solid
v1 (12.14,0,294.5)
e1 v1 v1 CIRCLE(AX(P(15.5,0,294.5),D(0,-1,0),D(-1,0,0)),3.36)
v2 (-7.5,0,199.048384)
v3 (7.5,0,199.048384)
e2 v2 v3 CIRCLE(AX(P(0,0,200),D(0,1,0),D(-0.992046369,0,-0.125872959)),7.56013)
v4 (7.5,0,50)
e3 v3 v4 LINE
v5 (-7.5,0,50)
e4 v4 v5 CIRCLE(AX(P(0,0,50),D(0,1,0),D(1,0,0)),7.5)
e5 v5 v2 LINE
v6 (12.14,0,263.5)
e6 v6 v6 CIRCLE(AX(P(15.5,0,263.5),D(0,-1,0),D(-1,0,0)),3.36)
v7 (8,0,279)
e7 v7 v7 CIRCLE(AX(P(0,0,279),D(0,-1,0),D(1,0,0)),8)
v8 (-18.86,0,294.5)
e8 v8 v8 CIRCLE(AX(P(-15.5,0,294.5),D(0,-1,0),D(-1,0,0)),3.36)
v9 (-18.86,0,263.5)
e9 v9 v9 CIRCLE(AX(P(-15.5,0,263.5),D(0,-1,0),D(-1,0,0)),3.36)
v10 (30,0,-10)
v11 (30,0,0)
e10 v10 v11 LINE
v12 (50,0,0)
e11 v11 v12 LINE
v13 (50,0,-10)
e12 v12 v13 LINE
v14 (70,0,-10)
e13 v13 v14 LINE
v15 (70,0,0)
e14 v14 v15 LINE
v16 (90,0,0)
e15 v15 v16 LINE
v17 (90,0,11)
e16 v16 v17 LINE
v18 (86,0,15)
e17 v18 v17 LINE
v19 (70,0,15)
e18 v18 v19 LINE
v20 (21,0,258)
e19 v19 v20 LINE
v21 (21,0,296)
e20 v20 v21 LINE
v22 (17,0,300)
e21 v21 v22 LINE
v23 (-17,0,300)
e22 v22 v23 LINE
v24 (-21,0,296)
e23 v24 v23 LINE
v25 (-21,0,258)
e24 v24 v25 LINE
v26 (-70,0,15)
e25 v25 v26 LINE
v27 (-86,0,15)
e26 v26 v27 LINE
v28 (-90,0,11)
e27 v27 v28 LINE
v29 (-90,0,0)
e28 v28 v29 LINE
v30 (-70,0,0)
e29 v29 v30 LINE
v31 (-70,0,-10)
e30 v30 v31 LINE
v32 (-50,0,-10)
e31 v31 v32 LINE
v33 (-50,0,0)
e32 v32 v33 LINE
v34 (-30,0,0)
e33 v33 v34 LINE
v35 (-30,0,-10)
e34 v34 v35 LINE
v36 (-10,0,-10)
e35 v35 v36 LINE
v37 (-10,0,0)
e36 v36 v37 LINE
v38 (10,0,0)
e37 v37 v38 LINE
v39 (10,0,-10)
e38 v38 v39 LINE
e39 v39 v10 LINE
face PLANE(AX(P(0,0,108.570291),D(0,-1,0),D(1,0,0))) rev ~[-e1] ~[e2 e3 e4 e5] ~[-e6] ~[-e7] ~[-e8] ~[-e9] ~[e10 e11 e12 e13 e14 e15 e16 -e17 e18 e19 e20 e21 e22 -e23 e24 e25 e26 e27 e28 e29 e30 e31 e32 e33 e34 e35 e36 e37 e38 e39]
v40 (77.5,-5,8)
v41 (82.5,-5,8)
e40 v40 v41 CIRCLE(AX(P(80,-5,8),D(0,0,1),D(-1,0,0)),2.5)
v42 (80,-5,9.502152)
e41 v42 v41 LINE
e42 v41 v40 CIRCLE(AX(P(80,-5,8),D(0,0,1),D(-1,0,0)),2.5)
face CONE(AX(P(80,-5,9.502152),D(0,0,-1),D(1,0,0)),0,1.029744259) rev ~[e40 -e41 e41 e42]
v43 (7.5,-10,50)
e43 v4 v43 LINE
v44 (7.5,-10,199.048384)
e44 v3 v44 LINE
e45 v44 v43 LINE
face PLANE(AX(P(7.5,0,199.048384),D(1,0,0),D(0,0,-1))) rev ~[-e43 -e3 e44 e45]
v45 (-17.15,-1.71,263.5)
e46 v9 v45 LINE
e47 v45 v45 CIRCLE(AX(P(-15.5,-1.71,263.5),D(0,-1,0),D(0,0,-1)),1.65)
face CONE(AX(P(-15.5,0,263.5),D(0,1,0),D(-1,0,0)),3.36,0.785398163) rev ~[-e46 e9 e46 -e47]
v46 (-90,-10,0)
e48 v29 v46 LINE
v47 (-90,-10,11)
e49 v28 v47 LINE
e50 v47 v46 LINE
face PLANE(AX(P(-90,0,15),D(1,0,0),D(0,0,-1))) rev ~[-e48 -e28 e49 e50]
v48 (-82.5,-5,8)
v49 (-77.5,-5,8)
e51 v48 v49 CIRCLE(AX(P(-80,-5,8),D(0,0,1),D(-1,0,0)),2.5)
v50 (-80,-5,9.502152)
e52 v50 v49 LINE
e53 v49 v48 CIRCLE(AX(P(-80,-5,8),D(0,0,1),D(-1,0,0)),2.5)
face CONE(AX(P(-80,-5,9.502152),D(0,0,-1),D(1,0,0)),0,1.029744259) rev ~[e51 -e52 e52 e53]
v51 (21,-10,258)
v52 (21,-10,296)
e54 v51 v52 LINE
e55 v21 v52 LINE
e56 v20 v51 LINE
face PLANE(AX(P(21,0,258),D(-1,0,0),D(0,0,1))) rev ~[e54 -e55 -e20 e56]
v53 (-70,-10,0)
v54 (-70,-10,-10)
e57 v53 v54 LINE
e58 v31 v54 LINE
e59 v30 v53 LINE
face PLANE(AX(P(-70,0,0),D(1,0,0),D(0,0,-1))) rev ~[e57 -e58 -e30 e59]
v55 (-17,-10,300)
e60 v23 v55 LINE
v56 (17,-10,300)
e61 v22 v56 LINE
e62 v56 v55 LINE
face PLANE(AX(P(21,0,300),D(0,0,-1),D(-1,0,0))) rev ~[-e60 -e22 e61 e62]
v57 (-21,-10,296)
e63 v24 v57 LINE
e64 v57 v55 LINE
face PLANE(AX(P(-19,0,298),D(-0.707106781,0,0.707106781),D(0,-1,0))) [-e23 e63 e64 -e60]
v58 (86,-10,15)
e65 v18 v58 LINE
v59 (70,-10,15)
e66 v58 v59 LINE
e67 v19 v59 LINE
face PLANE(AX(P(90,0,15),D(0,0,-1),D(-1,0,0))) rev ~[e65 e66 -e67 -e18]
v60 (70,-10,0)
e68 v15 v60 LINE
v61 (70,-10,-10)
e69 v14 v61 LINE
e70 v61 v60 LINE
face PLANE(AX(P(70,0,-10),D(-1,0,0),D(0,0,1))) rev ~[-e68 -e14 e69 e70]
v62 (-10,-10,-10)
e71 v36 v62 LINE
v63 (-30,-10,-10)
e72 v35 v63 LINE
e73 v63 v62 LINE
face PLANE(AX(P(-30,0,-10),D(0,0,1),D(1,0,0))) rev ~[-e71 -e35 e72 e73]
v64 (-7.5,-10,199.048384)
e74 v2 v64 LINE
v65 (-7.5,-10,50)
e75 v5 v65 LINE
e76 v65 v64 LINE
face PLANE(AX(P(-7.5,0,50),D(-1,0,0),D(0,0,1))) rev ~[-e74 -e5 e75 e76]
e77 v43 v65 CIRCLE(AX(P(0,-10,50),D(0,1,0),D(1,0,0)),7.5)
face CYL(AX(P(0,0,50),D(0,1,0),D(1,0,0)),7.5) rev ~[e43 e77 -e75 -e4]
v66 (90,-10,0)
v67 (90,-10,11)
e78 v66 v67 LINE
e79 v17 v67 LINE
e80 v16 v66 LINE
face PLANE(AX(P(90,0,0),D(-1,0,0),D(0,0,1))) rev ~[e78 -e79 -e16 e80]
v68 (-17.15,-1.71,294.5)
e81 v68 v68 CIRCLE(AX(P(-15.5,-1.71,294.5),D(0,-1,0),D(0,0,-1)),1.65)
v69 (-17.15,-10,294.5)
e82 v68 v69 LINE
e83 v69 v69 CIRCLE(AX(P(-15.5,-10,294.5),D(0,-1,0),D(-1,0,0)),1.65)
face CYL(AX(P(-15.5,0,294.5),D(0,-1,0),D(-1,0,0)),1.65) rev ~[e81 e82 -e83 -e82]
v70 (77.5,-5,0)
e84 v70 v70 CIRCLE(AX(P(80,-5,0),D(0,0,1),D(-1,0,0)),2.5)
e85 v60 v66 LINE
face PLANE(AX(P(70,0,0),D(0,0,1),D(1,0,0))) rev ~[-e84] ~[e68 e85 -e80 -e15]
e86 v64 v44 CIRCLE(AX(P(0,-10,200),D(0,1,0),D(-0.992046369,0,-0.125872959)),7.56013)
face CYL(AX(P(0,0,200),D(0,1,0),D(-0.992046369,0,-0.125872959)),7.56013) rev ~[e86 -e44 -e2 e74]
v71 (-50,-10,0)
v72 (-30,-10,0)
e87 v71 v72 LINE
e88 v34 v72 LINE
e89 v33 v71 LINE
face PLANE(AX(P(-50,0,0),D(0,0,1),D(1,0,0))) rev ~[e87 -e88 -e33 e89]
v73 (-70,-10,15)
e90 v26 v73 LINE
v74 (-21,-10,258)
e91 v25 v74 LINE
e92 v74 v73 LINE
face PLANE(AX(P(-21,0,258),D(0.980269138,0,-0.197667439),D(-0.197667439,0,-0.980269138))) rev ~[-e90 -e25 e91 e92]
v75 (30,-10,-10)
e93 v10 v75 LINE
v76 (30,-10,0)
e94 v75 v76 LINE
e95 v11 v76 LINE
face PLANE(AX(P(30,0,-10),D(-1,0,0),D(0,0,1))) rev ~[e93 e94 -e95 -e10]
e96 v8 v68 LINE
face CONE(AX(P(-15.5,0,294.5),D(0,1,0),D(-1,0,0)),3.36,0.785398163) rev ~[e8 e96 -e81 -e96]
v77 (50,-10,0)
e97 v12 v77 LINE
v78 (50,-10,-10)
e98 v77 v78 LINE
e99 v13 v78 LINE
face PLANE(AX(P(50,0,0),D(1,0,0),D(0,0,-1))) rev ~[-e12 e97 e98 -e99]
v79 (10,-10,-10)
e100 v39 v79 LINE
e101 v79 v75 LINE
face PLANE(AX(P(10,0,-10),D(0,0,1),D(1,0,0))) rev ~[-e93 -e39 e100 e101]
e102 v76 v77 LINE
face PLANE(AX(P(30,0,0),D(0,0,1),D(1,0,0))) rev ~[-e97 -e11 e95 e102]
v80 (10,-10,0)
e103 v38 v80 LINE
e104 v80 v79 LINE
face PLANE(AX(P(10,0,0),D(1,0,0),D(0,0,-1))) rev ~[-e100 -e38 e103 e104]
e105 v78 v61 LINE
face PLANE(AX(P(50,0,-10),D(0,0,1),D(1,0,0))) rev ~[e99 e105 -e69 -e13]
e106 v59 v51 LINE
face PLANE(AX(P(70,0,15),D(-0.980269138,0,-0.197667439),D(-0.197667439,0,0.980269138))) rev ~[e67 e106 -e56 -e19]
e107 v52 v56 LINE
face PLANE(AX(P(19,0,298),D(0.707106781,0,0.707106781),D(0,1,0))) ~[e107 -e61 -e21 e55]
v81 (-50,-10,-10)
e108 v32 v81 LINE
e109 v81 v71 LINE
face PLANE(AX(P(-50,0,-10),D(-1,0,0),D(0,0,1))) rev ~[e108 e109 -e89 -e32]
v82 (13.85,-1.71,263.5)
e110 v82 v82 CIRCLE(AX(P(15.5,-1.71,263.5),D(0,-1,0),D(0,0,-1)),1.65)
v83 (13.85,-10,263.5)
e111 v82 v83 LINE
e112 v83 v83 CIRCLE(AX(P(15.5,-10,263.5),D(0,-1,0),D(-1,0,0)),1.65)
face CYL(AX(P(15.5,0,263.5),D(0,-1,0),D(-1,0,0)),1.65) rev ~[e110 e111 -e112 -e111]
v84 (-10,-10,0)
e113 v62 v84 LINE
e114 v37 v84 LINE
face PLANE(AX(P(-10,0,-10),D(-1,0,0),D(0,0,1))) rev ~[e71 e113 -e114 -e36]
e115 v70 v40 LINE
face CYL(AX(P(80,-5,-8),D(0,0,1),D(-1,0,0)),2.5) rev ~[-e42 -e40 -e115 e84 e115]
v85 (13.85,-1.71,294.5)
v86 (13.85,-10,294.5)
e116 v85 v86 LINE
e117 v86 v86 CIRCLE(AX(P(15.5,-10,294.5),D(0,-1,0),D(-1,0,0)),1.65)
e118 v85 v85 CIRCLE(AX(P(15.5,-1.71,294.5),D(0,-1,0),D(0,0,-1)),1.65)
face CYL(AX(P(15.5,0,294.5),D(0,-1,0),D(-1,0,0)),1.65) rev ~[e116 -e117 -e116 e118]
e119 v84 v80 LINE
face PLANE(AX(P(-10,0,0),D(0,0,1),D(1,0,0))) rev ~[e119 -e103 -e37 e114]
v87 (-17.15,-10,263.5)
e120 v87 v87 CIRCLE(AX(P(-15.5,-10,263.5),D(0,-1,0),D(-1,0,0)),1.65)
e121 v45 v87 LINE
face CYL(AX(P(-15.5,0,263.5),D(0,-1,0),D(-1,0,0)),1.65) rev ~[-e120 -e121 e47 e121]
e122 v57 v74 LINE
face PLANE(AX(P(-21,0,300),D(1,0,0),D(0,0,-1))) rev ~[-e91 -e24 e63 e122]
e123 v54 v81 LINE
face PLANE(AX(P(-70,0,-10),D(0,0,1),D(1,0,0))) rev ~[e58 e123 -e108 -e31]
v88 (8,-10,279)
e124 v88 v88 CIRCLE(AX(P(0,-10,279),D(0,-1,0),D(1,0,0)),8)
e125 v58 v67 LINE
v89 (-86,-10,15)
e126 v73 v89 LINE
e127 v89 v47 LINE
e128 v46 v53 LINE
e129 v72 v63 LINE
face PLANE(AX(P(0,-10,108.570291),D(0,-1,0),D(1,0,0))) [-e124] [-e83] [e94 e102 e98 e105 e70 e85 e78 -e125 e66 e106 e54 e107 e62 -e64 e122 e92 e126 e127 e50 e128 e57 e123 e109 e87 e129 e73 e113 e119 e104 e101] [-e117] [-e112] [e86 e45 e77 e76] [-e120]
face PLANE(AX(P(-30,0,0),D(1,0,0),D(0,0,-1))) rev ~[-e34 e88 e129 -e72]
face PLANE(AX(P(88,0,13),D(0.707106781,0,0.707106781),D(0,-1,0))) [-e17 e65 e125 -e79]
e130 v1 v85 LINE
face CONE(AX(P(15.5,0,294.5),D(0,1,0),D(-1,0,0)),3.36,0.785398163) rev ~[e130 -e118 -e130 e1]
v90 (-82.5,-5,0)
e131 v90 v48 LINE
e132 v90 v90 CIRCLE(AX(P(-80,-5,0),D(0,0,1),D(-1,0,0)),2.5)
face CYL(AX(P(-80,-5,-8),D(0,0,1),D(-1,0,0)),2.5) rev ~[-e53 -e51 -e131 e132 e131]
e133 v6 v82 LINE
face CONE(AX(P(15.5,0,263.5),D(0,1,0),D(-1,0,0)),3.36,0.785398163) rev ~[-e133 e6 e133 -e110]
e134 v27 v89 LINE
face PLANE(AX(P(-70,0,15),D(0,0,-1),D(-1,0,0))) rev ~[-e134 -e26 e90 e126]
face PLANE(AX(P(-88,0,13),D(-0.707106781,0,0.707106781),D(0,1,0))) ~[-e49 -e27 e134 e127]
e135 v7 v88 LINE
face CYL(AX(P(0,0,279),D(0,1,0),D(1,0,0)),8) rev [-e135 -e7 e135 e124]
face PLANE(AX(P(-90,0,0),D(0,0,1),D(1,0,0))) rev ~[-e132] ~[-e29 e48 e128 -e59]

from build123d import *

# Parameters (mm, degrees)
F0_R           = 8
F1_DEPTH       = 10
F2_SIZE        = 4
F3_SIZE        = 4
F4_D           = 3.3
F4_CSINK_D     = 6.72
F4_CSINK_ANGLE = 90
F6_D           = 5
F6_DEPTH       = 8
F6_TIP         = 1.5021515476


with BuildPart() as f1:
    # F0 (on Front) → F1 (new body)
    with BuildSketch(Plane.XZ):
        Polygon((-10, 0), (0, 0), (10, 0), (10, -10), (30, -10), (30, 0), (50, 0), (50, -10), (70, -10), (70, 0), (90, 0), (90, 15), (70, 15), (21, 258), (21, 300), (0, 300), (-21, 300), (-21, 258), (-70, 15), (-90, 15), (-90, 0), (-70, 0), (-70, -10), (-50, -10), (-50, 0), (-30, 0), (-30, -10), (-10, -10), align=None)
        with BuildLine():
            ThreePointArc((7.5, 50), (0, 42.5), (-7.5, 50))
            Line((-7.5, 50), (-7.5, 199.0483840028))
            ThreePointArc((-7.5, 199.0483840028), (0, 207.5601304887), (7.5, 199.0483840028))
            Line((7.5, 199.0483840028), (7.5, 50))
        make_face(mode=Mode.SUBTRACT)
        with Locations((0, 279)):
            Circle(F0_R, mode=Mode.SUBTRACT)
    extrude(amount=F1_DEPTH)

    # F2
    f2_edges = [f1.edges().sort_by_distance(p)[0] for p in [
        (21, -5, 300),
        (-21, -5, 300),
    ]]
    chamfer(f2_edges, length=F2_SIZE)

    # F3
    f3_edges = [f1.edges().sort_by_distance(p)[0] for p in [
        (-90, -5, 15),
        (90, -5, 15),
    ]]
    chamfer(f3_edges, length=F3_SIZE)

    # F4 (through all)
    with Locations(Plane(origin=(0, 0, 0), x_dir=(1, 0, 0), z_dir=(0, 1, 0))):
        with Locations((-15.5, -294.5), (15.5, -294.5), (15.5, -263.5), (-15.5, -263.5)):
            CounterSinkHole(F4_D / 2, F4_CSINK_D / 2, counter_sink_angle=F4_CSINK_ANGLE)

    # F6
    with Locations(Plane(origin=(0, 0, 0), x_dir=(1, 0, 0), z_dir=(0, 0, -1))):
        with Locations((-80, 5), (80, 5)):
            Hole(F6_D / 2, depth=F6_DEPTH)
            with Locations((0, 0, -(F6_DEPTH + F6_TIP / 2))):  # 118° drill point
                Cone(0, F6_D / 2, F6_TIP, mode=Mode.SUBTRACT)


solid = f1.part
